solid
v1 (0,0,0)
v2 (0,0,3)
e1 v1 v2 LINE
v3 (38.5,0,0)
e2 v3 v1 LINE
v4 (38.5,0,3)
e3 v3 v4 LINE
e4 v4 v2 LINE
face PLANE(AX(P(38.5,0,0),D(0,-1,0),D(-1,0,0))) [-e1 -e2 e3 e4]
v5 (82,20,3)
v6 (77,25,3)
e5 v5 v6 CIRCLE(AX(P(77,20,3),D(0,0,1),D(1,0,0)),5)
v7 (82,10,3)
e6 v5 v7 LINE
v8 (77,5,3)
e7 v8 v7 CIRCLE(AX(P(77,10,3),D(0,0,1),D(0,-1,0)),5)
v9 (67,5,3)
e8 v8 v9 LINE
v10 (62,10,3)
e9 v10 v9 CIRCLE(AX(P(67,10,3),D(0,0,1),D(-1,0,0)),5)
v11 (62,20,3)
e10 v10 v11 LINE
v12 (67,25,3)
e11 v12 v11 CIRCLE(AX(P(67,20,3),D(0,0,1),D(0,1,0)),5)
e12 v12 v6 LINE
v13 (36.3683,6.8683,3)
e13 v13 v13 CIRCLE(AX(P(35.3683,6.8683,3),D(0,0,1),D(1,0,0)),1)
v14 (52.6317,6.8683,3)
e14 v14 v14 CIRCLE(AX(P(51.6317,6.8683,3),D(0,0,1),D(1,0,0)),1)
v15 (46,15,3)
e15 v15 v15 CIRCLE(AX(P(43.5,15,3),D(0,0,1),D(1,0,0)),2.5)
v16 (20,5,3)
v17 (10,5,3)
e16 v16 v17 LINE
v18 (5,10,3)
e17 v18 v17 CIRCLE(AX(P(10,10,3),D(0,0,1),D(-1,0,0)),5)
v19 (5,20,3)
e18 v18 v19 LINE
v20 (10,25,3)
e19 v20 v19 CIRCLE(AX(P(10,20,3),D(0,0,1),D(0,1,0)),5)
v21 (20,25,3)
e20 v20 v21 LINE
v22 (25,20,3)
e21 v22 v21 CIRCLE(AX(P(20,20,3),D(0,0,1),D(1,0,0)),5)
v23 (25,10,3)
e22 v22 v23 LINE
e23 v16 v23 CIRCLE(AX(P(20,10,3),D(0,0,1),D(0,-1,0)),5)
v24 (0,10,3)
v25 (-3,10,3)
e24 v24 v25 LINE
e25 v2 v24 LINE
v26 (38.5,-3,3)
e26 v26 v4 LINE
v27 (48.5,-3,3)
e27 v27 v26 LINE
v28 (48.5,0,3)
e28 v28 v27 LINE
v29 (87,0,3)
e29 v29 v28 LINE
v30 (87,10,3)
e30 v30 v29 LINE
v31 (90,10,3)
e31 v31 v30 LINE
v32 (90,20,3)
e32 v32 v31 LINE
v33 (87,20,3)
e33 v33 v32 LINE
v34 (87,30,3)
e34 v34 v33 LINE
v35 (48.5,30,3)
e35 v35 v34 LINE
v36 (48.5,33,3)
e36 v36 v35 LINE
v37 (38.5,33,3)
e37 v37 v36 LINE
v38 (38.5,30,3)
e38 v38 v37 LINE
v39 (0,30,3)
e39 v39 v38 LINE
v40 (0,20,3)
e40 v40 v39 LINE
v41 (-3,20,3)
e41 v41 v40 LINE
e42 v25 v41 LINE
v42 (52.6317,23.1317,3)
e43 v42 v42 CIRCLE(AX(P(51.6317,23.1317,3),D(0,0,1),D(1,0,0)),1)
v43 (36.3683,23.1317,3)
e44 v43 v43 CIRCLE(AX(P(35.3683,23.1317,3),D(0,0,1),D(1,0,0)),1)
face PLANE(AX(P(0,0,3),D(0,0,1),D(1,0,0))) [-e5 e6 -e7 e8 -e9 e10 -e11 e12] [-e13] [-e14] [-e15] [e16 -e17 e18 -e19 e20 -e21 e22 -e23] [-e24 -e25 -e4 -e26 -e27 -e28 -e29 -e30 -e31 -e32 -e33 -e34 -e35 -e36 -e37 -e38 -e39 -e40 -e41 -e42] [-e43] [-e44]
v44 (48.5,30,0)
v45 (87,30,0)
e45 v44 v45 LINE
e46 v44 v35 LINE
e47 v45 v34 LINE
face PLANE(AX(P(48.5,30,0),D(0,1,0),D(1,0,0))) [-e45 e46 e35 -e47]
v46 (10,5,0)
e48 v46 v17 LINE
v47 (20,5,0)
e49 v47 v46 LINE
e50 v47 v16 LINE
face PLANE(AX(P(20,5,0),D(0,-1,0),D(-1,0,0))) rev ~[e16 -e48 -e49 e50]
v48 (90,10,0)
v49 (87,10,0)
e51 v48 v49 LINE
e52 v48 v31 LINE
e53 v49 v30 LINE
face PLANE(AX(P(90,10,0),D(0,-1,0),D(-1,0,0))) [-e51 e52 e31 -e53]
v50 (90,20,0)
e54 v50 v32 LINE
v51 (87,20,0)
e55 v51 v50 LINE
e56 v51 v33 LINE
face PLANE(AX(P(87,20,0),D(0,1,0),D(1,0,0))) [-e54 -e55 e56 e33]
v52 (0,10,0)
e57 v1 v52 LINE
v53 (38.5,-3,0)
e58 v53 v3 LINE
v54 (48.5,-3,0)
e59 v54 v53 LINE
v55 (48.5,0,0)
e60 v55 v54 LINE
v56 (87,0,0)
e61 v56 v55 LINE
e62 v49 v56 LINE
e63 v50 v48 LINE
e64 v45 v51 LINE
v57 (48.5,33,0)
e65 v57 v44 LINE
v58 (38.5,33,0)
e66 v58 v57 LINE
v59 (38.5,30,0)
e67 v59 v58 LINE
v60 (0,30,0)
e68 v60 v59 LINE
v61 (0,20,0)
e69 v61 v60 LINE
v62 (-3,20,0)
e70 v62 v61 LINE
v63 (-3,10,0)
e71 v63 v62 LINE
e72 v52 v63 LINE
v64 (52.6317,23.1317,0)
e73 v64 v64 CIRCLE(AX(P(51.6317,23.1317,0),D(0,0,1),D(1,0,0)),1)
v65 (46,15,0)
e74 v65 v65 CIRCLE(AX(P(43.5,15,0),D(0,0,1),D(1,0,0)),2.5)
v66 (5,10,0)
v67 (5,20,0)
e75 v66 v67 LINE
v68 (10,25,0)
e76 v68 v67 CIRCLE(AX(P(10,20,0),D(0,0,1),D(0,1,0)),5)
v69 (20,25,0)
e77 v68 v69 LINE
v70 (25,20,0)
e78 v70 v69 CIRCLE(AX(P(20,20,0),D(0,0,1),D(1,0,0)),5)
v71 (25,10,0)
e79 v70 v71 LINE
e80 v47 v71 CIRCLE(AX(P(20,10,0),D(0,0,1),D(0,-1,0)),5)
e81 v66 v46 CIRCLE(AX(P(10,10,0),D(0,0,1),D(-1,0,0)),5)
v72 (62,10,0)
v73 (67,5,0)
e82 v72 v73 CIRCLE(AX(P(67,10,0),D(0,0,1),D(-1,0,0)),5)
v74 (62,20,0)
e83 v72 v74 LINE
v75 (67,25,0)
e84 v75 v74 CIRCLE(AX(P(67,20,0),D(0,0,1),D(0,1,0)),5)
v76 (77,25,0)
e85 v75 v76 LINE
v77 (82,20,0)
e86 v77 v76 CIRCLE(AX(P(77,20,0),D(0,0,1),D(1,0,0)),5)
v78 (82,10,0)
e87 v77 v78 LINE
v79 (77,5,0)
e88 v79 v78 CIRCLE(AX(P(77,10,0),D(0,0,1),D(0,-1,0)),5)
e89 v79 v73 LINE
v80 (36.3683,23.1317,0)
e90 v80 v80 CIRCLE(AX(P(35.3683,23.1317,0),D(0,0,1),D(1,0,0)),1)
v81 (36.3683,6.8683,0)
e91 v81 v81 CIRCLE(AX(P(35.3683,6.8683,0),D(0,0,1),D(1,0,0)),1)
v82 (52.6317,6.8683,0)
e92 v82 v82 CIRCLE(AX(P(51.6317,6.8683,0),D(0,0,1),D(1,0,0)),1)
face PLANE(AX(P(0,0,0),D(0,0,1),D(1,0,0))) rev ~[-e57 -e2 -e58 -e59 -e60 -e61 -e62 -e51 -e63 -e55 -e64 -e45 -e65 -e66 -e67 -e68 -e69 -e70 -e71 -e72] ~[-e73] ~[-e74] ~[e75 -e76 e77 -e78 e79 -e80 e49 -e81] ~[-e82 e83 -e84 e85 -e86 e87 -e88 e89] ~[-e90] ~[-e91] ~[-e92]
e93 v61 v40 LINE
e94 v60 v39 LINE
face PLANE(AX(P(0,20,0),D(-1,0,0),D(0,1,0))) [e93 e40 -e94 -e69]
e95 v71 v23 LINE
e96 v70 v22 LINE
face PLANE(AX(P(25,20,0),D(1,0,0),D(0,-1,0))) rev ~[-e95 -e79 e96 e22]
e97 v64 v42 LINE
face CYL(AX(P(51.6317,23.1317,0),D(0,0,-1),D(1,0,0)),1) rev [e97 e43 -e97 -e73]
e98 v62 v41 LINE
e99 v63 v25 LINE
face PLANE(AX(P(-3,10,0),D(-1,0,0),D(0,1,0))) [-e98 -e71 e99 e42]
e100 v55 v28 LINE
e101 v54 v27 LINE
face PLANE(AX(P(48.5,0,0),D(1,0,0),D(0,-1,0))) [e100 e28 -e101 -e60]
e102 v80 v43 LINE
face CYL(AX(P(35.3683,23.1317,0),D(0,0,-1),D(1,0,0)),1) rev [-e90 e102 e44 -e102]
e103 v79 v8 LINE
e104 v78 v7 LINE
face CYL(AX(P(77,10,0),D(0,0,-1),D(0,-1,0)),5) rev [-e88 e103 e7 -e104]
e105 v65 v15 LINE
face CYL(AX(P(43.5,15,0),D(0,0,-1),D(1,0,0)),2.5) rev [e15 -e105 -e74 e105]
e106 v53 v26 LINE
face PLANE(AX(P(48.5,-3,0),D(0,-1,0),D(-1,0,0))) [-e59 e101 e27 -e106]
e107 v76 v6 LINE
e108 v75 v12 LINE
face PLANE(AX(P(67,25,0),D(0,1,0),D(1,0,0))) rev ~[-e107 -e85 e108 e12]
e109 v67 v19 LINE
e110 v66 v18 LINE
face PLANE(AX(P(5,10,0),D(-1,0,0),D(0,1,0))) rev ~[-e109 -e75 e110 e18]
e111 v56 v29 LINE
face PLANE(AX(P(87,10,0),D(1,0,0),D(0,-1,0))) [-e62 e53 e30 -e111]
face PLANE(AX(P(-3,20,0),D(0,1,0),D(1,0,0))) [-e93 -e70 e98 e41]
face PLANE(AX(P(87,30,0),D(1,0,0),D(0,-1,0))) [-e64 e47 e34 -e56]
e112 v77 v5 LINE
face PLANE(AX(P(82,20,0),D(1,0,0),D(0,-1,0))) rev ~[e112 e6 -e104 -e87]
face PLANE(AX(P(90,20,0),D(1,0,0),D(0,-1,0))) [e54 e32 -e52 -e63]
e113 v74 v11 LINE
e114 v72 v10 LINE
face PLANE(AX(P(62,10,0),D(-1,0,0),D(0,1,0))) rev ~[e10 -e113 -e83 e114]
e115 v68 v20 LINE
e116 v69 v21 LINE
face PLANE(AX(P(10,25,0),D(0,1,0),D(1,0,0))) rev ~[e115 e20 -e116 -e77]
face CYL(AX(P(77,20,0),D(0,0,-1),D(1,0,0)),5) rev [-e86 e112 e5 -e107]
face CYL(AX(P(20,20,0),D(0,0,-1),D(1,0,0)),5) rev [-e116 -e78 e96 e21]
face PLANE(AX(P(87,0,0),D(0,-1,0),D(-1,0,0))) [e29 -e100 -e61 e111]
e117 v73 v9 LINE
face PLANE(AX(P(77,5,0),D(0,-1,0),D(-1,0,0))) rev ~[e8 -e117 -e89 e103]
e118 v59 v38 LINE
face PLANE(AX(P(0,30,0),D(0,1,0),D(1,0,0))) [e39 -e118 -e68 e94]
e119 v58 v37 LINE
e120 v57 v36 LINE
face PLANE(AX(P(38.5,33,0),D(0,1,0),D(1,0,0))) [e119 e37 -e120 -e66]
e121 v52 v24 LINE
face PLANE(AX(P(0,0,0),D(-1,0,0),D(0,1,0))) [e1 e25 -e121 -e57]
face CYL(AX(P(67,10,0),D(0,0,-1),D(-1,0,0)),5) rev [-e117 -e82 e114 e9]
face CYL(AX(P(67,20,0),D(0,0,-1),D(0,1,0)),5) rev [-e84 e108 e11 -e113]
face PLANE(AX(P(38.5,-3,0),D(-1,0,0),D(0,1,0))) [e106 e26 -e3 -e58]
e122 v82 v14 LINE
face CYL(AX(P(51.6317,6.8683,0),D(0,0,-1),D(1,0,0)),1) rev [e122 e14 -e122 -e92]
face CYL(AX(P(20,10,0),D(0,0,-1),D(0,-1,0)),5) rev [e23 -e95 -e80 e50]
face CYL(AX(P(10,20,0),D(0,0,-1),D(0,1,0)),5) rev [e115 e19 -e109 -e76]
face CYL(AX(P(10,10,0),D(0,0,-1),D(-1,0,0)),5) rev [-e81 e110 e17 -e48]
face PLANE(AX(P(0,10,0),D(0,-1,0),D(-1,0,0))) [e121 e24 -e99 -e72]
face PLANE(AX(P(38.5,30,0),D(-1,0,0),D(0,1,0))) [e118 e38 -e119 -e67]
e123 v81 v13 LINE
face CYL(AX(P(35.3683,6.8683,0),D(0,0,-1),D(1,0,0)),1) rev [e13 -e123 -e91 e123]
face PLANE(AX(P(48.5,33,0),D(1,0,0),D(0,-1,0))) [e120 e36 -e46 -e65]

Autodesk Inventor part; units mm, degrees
ref_plane "YZ Plane" through (0, 0, 0) normal (1, 0, 0) x (0, 1, 0)
ref_plane "XZ Plane" through (0, 0, 0) normal (0, 1, 0) x (-1, 0, 0)
ref_plane "XY Plane" through (0, 0, 0) normal (0, 0, 1) x (1, 0, 0)
sketch "Sketch1" plane through (0, 0, 0) normal (0, 0, 1) x (1, 0, 0)
  line L0 (0, 0) -> (0, 10)
  line L1 (0, 10) -> (-3, 10)
  line L2 (-3, 10) -> (-3, 20)
  line L3 (-3, 20) -> (0, 20)
  line L4 (0, 20) -> (0, 30)
  line L5 (0, 30) -> (38.5, 30)
  line L6 (38.5, 30) -> (38.5, 33)
  line L7 (38.5, 33) -> (48.5, 33)
  line L8 (48.5, 33) -> (48.5, 30)
  line L9 (48.5, 30) -> (87, 30)
  line L10 (87, 30) -> (87, 20)
  line L11 (87, 20) -> (90, 20)
  line L12 (90, 20) -> (90, 10)
  line L13 (90, 10) -> (87, 10)
  line L14 (87, 10) -> (87, 0)
  line L15 (87, 0) -> (48.5, 0)
  line L16 (48.5, 0) -> (48.5, -3)
  line L17 (48.5, -3) -> (38.5, -3)
  line L18 (38.5, -3) -> (38.5, 0)
  line L19 (38.5, 0) -> (0, 0)
  line L20 (10, 25) -> (20, 25)
  line L21 (25, 20) -> (25, 10)
  line L22 (20, 5) -> (10, 5)
  line L23 (5, 10) -> (5, 20)
  line L24 (67, 25) -> (77, 25)
  line L25 (82, 20) -> (82, 10)
  line L26 (77, 5) -> (67, 5)
  line L27 (62, 10) -> (62, 20)
  arc A0 (10, 25) -> (5, 20) centre (10, 20) ccw
  arc A1 (25, 20) -> (20, 25) centre (20, 20) ccw
  arc A2 (20, 5) -> (25, 10) centre (20, 10) ccw
  arc A3 (5, 10) -> (10, 5) centre (10, 10) ccw
  arc A4 (67, 25) -> (62, 20) centre (67, 20) ccw
  arc A5 (82, 20) -> (77, 25) centre (77, 20) ccw
  arc A6 (77, 5) -> (82, 10) centre (77, 10) ccw
  arc A7 (62, 10) -> (67, 5) centre (67, 10) ccw
  circle A8 centre (43.5, 15) radius 2.5
  circle A9 centre (35.3683, 23.1317) radius 1
  circle A10 centre (35.3683, 6.8683) radius 1
  circle A11 centre (51.6317, 6.8683) radius 1
  circle A12 centre (51.6317, 23.1317) radius 1
  dimension "d0" = 10
  dimension "d1" = 10
  dimension "d2" = 10
  dimension "d3" = 10
  dimension "d4" = 10
  dimension "d5" = 10
  dimension "d6" = 38.5
  dimension "d7" = 38.5
  dimension "d8" = 10
  dimension "d9" = 38.5
  dimension "d11" = 38.5
  dimension "d12" = 5
  dimension "d13" = 5
  dimension "d15" = 5
  dimension "d16" = 20
  dimension "d17" = 5
  dimension "d18" = 5
  dimension "d19" = 5
  dimension "d20" = 20
  dimension "d21" = 3
  dimension "d23" = 3
  dimension "d24" = 3
  dimension "d25" = 5
  dimension "d26" = 5
  dimension "d27" = 5
  dimension "d28" = 15
  dimension "d30" = 2
  dimension "d34" = 360
  dimension "d38" = 3
  dimension "d39" = 10
extrude "Extrusion1" add sketch "Sketch1" along normal blind 3
properties part number "OpenROV 2_3 Dev Vertical Motor Mount"
